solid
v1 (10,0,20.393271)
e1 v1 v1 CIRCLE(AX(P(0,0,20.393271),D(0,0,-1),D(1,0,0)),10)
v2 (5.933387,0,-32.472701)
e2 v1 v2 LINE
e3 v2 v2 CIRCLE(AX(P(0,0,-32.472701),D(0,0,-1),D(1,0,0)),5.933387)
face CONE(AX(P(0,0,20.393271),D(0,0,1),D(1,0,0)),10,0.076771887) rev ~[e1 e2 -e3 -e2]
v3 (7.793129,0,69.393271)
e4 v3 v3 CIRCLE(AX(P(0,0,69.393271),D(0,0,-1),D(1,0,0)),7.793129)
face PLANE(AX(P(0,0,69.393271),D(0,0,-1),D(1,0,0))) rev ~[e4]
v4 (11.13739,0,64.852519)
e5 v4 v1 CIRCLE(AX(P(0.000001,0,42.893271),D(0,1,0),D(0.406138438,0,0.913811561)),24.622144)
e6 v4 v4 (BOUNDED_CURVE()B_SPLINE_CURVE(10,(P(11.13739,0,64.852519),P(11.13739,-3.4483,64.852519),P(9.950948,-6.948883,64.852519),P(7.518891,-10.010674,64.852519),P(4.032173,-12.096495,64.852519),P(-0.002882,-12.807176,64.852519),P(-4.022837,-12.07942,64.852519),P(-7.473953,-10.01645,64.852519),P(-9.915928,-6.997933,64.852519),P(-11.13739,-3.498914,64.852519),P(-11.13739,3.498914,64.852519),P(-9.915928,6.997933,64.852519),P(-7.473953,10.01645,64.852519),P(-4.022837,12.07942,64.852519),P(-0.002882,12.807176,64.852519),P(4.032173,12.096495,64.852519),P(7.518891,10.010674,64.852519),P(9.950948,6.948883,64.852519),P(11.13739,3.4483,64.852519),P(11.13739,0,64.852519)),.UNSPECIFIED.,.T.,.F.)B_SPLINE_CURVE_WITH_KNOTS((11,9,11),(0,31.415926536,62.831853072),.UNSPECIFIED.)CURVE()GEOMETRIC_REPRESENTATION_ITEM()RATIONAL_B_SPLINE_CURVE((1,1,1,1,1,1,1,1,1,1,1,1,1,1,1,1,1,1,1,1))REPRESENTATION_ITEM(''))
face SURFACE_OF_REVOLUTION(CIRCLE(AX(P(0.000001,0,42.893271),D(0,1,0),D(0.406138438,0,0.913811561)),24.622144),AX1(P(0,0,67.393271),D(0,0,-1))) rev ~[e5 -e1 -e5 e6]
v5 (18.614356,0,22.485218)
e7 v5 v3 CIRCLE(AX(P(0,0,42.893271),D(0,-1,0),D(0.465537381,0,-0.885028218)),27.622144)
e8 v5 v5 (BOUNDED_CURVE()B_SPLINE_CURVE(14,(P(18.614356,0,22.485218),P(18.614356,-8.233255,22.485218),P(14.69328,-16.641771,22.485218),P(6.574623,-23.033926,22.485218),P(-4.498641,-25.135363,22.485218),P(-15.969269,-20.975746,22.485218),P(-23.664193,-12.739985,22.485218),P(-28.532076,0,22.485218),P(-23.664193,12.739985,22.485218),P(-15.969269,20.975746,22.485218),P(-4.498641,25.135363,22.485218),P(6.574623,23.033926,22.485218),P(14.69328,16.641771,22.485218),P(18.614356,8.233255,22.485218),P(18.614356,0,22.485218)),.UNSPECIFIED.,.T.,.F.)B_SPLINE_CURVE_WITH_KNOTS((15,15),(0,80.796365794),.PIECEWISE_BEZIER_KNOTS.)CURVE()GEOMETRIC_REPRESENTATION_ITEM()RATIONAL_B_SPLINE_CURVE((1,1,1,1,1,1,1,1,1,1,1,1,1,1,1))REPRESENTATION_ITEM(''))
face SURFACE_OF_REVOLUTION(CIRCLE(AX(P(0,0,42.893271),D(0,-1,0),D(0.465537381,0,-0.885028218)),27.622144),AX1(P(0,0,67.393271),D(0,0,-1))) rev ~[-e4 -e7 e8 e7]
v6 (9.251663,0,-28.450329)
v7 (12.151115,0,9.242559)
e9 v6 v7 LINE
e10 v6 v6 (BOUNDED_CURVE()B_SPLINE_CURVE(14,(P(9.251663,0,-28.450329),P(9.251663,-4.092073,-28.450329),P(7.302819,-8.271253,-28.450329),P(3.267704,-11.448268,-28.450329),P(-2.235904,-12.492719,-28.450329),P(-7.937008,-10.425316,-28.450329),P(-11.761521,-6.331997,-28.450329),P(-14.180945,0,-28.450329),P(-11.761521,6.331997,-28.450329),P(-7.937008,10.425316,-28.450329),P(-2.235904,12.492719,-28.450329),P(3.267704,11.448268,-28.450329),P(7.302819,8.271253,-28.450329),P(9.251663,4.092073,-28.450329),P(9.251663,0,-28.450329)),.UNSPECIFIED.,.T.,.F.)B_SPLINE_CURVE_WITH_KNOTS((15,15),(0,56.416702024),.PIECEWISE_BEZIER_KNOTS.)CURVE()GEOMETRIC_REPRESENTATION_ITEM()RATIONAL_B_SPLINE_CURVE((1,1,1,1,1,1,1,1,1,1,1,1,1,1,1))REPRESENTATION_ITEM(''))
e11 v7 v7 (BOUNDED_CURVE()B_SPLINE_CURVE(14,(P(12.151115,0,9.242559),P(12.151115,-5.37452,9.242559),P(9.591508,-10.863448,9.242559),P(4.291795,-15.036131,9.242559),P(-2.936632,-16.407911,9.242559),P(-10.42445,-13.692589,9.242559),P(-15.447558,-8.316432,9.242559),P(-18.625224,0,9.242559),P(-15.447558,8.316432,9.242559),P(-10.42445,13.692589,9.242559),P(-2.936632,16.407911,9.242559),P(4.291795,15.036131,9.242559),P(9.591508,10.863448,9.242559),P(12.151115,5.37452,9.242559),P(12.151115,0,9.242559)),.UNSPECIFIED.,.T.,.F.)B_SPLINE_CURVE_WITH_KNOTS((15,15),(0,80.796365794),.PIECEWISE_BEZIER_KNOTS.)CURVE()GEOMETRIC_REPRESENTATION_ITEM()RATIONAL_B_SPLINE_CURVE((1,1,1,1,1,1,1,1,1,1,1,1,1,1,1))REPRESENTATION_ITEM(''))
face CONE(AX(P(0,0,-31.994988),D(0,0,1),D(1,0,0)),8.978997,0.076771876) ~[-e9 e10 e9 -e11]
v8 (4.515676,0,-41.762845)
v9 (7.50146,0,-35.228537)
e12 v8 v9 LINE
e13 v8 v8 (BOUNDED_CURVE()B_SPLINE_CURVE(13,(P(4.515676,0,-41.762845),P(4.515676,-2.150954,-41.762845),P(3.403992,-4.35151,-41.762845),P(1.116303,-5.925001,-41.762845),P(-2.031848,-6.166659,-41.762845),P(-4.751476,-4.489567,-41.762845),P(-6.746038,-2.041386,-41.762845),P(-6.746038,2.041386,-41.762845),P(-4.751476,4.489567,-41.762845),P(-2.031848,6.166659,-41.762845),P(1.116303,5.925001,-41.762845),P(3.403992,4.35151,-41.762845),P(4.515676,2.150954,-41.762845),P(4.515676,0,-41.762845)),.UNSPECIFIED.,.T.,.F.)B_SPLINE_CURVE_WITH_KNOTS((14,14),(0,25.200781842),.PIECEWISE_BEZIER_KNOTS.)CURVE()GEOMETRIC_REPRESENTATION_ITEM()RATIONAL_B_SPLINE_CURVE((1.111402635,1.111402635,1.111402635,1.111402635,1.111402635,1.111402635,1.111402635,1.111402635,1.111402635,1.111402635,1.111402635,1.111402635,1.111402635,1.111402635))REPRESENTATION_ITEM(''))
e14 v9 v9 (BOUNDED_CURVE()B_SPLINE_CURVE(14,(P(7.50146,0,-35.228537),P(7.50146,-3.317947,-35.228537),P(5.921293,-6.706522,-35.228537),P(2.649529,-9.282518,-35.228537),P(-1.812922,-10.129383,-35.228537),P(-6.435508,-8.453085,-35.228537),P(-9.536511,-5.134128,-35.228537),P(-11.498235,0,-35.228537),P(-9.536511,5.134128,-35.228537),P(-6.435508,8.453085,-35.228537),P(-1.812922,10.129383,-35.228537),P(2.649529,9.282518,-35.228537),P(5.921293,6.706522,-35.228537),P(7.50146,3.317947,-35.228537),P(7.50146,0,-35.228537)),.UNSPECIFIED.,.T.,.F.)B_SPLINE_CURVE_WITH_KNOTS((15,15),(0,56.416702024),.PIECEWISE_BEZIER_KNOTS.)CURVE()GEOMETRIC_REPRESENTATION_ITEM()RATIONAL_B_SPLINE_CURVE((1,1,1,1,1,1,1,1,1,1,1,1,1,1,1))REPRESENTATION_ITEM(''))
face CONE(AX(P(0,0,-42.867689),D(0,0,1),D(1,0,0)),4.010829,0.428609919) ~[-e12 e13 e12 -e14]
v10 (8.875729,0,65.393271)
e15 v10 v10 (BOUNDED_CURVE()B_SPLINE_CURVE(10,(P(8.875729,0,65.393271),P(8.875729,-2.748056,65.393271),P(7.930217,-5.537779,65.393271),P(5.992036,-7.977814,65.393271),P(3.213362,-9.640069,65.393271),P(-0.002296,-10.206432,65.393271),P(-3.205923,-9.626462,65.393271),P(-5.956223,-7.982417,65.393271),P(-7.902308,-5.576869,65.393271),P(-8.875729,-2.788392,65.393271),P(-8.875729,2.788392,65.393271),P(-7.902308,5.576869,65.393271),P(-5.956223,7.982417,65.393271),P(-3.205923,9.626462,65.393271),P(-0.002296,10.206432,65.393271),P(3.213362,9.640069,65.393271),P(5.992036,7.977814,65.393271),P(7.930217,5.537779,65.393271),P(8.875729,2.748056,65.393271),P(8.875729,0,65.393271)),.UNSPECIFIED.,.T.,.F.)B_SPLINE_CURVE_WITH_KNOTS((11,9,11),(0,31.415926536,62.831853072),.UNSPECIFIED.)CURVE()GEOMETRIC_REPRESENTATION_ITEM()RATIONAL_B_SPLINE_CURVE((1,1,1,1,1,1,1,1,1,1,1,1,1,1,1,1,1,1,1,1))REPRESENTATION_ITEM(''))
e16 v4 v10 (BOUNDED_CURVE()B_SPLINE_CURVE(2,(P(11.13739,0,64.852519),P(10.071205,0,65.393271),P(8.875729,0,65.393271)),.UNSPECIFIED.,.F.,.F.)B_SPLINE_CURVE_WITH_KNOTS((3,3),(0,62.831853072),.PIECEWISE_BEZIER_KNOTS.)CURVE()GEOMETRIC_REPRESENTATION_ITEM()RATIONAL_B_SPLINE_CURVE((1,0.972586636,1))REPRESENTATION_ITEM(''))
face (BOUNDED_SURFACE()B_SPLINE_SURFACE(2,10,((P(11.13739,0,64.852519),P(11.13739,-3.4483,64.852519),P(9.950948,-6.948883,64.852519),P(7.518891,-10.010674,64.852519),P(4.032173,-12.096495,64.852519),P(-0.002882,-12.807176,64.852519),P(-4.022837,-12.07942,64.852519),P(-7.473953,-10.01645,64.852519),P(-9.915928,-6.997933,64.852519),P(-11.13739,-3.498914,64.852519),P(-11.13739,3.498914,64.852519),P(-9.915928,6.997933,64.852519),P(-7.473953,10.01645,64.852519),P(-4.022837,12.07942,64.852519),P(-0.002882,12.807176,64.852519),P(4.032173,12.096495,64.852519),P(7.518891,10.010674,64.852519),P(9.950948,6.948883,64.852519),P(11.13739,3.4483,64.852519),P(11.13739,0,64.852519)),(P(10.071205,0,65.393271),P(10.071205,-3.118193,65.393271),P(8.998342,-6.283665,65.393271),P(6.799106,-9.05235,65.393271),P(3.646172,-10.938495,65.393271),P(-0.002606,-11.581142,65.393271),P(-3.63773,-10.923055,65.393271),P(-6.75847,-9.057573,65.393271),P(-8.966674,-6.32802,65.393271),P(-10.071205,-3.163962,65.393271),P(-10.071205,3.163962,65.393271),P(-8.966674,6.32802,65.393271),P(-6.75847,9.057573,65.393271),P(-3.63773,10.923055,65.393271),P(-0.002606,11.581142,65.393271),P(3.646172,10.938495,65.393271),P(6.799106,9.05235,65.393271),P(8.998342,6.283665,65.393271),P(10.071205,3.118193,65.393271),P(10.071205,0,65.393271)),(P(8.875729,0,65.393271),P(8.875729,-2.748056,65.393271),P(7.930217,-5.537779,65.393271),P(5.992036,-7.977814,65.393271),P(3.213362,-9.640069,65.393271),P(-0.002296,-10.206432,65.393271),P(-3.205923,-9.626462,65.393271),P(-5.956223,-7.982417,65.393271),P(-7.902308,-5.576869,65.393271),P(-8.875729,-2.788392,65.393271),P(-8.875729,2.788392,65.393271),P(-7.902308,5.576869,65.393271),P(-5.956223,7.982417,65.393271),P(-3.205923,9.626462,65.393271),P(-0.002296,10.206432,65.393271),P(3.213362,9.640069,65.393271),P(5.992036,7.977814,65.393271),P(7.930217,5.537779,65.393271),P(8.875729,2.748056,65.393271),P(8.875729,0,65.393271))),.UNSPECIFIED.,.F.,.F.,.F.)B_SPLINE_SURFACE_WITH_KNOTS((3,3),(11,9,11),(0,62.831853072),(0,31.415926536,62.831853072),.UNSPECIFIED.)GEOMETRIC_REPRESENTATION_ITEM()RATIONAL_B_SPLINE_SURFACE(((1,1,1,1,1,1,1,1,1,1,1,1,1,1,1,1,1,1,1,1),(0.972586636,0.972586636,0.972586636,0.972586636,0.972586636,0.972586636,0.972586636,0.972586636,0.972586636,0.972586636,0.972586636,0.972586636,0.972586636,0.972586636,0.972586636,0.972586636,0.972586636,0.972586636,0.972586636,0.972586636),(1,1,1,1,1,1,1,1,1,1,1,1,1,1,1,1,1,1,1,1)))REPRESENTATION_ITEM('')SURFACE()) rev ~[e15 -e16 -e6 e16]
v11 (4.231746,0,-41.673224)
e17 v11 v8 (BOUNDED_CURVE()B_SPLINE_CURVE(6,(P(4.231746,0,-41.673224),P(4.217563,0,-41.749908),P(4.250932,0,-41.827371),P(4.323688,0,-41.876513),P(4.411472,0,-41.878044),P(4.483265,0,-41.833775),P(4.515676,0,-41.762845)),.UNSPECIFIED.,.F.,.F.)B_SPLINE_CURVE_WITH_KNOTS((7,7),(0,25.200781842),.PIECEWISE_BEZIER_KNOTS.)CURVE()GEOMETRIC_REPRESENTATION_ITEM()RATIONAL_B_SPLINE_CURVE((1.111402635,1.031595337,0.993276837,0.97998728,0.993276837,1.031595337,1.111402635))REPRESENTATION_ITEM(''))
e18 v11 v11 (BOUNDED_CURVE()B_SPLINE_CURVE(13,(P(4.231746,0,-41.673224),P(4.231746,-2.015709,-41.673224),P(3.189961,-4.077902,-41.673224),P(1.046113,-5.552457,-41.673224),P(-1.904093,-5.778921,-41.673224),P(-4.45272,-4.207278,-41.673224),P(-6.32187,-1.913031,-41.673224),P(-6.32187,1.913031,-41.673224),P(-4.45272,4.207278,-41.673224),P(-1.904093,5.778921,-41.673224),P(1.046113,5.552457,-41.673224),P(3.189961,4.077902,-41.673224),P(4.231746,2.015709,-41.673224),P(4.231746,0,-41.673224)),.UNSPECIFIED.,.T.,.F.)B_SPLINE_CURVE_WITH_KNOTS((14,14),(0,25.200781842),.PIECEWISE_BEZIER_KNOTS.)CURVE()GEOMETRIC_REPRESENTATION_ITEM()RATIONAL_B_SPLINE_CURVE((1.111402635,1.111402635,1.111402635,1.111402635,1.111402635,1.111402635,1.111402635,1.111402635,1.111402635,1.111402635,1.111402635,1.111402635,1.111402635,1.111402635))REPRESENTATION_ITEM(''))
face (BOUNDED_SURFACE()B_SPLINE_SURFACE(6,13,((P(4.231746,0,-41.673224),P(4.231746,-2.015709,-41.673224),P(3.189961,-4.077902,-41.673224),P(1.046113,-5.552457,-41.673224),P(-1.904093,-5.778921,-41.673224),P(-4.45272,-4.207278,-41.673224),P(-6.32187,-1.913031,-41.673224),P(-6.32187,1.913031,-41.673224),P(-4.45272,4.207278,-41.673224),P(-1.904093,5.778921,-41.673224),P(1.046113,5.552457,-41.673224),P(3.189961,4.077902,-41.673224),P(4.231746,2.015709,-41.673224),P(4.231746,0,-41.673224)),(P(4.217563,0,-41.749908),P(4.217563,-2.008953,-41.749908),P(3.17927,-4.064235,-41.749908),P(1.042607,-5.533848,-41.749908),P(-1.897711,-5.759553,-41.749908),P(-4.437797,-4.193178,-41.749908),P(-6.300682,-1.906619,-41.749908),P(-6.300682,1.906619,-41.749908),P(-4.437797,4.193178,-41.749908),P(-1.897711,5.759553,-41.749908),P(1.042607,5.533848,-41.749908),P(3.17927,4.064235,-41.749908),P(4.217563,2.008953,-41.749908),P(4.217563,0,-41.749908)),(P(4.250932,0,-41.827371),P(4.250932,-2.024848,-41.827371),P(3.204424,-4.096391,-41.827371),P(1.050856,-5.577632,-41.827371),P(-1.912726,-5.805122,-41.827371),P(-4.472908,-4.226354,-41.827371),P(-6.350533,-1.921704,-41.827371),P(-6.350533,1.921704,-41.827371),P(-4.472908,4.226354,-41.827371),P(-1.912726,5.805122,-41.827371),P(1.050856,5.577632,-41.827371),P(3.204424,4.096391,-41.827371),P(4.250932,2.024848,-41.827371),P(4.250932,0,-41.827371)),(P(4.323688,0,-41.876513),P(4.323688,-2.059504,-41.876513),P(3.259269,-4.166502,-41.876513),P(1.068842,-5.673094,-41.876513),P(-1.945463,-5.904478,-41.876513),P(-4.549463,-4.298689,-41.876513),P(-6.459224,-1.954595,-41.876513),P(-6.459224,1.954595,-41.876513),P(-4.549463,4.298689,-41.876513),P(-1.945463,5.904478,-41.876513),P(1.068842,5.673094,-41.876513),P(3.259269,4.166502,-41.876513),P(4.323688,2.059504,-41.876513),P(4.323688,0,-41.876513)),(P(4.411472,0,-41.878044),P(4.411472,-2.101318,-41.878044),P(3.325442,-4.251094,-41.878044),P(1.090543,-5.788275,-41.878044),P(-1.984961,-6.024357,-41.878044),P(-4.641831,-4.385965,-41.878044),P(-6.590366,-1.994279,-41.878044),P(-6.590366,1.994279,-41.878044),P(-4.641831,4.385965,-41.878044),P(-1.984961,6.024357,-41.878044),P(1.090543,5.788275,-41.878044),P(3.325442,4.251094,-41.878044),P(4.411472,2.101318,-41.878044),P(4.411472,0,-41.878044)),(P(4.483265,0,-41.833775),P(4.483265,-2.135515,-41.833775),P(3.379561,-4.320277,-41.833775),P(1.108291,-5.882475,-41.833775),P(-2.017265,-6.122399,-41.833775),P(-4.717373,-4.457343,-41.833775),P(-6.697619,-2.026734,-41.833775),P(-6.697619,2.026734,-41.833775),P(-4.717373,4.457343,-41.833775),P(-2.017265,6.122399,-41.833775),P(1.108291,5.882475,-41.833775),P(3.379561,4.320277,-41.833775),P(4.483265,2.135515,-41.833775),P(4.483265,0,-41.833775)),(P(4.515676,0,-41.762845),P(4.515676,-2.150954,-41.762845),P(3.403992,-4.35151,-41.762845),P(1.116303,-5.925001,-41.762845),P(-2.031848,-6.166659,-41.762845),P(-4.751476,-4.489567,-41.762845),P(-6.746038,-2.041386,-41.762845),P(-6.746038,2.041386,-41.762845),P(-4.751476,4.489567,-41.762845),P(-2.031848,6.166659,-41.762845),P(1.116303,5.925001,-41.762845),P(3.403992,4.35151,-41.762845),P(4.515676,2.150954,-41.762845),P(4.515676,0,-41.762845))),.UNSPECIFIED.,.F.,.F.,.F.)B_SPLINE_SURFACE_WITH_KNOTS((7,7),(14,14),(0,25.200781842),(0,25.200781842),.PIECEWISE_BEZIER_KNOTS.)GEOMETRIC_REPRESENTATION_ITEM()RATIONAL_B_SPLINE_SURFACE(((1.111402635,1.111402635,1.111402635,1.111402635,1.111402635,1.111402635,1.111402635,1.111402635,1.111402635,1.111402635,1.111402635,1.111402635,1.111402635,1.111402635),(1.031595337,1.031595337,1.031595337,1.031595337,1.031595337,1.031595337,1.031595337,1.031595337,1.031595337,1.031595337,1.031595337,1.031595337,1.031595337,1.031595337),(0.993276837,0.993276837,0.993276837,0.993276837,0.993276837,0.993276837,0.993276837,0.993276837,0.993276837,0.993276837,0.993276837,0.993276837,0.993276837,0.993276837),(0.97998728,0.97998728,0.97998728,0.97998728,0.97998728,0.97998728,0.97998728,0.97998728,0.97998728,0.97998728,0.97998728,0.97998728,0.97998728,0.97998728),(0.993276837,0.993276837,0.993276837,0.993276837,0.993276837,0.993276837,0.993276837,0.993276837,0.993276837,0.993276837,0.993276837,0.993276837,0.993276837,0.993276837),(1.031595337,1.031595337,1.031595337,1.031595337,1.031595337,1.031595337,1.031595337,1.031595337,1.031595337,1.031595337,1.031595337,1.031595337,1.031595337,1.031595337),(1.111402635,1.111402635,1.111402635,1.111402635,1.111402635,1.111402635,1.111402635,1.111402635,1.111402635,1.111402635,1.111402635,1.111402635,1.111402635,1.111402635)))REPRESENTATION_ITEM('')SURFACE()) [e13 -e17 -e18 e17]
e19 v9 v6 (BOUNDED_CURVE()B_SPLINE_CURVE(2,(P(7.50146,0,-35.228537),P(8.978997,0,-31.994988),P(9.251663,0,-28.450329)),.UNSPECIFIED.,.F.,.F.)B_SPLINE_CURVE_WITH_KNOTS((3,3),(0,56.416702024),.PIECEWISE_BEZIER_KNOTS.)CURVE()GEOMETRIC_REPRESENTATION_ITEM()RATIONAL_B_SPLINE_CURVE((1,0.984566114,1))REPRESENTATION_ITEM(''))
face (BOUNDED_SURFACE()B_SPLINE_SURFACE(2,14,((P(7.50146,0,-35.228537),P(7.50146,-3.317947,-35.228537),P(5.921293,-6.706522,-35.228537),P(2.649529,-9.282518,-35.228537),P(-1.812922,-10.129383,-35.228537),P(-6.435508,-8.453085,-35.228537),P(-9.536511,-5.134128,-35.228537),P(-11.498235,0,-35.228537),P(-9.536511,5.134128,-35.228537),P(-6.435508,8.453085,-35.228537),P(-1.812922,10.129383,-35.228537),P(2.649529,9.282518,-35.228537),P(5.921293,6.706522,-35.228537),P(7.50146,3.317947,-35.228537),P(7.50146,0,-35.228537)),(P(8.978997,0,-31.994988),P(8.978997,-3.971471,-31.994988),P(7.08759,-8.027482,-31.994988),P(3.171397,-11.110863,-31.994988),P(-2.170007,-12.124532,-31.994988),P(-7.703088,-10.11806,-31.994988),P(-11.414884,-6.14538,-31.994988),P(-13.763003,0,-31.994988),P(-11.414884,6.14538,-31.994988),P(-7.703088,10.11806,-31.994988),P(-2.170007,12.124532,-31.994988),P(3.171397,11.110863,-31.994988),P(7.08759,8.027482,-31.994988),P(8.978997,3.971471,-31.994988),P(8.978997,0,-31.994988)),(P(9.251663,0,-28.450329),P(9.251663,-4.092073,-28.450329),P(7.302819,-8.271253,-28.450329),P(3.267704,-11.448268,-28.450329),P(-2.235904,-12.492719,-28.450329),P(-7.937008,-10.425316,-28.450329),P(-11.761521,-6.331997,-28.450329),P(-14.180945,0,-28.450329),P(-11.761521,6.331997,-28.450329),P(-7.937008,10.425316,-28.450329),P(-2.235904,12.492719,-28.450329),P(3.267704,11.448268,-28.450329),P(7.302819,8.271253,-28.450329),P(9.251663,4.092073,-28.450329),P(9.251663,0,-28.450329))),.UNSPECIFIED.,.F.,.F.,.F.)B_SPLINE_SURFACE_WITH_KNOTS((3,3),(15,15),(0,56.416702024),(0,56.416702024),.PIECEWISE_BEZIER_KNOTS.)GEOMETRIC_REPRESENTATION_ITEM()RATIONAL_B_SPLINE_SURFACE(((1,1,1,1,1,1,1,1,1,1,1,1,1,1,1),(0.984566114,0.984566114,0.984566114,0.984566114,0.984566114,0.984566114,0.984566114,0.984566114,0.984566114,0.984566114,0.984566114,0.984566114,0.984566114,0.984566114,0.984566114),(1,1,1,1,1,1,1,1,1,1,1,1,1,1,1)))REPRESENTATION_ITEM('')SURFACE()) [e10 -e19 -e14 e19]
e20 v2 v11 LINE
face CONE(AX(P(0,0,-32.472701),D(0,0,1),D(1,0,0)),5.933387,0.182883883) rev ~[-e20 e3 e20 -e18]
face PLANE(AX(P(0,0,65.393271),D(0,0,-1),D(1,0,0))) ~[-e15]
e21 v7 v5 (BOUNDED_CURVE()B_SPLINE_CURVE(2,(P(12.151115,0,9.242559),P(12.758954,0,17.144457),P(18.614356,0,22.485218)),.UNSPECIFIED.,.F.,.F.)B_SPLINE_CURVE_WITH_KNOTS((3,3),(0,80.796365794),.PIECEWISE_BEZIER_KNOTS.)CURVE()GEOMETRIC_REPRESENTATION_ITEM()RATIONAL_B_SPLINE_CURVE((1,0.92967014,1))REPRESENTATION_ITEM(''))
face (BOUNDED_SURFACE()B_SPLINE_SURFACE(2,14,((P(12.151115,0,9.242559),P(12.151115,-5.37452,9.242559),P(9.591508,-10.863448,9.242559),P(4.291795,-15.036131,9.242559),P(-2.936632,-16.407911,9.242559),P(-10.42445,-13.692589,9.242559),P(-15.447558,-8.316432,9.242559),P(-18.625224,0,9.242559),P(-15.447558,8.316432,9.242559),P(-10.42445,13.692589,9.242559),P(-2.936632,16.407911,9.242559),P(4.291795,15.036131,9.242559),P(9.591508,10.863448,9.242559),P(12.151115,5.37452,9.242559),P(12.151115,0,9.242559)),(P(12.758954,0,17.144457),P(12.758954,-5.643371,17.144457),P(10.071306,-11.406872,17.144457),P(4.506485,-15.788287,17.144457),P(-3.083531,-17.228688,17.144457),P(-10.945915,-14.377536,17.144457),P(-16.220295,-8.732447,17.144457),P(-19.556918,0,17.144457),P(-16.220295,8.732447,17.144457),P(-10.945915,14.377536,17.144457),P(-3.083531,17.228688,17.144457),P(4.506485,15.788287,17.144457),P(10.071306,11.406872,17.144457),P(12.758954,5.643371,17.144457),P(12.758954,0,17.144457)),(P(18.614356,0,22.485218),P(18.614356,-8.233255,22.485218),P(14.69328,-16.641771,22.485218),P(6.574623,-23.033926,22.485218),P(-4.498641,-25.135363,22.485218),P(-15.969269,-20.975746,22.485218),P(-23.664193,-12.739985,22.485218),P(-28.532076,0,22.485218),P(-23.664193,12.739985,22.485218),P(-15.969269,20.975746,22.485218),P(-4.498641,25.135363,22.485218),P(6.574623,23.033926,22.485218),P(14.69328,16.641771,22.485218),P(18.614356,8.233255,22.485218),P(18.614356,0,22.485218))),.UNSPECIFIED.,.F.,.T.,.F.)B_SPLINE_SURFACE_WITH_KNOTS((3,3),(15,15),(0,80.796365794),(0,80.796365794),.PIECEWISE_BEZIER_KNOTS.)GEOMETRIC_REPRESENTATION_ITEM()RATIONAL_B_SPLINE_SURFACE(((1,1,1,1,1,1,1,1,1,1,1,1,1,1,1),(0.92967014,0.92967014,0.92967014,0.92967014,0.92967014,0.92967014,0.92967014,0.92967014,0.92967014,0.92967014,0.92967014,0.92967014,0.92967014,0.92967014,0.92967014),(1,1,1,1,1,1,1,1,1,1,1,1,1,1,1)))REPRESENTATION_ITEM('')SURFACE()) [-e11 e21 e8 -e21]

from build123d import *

# Parameters (mm, degrees)
F2_R = 0.15
F3_R = 20
F4_R = 5


with BuildPart() as f1:
    # F0 (on Front) → F1 (revolve)
    with BuildSketch(Plane.XZ):
        with BuildLine():
            ThreePointArc((10, 65.393271), (24.622145, 42.893271), (10, 20.393271))
            Line((10, 20.393271), (5.933387, -32.472701))
            Line((5.933387, -32.472701), (4.010829, -42.867689))
            Line((4.010829, -42.867689), (8.978997, -31.994988))
            Line((8.978997, -31.994988), (12.859141, 18.446894))
            ThreePointArc((12.859141, 18.446894), (27.486586, 45.626485), (7.793129, 69.393271))
            Line((7.793129, 69.393271), (0, 69.393271))
            Line((0, 69.393271), (0, 65.393271))
            Line((0, 65.393271), (10, 65.393271))
        make_face()
    revolve(axis=Axis((0, 0, 67.393271), (0, 0, -1)))

    # F2
    f2_edges = [f1.edges().sort_by_distance(p)[0] for p in [
        (-4.010829, 0, -42.867689),
    ]]
    fillet(f2_edges, radius=F2_R)

    # F3
    f3_edges = [f1.edges().sort_by_distance(p)[0] for p in [
        (-8.978997, 0, -31.994988),
        (-12.859141, 0, 18.446894),
    ]]
    fillet(f3_edges, radius=F3_R)

    # F4
    f4_edges = [f1.edges().sort_by_distance(p)[0] for p in [
        (-10, 0, 65.393271),
    ]]
    fillet(f4_edges, radius=F4_R)


solid = f1.part
